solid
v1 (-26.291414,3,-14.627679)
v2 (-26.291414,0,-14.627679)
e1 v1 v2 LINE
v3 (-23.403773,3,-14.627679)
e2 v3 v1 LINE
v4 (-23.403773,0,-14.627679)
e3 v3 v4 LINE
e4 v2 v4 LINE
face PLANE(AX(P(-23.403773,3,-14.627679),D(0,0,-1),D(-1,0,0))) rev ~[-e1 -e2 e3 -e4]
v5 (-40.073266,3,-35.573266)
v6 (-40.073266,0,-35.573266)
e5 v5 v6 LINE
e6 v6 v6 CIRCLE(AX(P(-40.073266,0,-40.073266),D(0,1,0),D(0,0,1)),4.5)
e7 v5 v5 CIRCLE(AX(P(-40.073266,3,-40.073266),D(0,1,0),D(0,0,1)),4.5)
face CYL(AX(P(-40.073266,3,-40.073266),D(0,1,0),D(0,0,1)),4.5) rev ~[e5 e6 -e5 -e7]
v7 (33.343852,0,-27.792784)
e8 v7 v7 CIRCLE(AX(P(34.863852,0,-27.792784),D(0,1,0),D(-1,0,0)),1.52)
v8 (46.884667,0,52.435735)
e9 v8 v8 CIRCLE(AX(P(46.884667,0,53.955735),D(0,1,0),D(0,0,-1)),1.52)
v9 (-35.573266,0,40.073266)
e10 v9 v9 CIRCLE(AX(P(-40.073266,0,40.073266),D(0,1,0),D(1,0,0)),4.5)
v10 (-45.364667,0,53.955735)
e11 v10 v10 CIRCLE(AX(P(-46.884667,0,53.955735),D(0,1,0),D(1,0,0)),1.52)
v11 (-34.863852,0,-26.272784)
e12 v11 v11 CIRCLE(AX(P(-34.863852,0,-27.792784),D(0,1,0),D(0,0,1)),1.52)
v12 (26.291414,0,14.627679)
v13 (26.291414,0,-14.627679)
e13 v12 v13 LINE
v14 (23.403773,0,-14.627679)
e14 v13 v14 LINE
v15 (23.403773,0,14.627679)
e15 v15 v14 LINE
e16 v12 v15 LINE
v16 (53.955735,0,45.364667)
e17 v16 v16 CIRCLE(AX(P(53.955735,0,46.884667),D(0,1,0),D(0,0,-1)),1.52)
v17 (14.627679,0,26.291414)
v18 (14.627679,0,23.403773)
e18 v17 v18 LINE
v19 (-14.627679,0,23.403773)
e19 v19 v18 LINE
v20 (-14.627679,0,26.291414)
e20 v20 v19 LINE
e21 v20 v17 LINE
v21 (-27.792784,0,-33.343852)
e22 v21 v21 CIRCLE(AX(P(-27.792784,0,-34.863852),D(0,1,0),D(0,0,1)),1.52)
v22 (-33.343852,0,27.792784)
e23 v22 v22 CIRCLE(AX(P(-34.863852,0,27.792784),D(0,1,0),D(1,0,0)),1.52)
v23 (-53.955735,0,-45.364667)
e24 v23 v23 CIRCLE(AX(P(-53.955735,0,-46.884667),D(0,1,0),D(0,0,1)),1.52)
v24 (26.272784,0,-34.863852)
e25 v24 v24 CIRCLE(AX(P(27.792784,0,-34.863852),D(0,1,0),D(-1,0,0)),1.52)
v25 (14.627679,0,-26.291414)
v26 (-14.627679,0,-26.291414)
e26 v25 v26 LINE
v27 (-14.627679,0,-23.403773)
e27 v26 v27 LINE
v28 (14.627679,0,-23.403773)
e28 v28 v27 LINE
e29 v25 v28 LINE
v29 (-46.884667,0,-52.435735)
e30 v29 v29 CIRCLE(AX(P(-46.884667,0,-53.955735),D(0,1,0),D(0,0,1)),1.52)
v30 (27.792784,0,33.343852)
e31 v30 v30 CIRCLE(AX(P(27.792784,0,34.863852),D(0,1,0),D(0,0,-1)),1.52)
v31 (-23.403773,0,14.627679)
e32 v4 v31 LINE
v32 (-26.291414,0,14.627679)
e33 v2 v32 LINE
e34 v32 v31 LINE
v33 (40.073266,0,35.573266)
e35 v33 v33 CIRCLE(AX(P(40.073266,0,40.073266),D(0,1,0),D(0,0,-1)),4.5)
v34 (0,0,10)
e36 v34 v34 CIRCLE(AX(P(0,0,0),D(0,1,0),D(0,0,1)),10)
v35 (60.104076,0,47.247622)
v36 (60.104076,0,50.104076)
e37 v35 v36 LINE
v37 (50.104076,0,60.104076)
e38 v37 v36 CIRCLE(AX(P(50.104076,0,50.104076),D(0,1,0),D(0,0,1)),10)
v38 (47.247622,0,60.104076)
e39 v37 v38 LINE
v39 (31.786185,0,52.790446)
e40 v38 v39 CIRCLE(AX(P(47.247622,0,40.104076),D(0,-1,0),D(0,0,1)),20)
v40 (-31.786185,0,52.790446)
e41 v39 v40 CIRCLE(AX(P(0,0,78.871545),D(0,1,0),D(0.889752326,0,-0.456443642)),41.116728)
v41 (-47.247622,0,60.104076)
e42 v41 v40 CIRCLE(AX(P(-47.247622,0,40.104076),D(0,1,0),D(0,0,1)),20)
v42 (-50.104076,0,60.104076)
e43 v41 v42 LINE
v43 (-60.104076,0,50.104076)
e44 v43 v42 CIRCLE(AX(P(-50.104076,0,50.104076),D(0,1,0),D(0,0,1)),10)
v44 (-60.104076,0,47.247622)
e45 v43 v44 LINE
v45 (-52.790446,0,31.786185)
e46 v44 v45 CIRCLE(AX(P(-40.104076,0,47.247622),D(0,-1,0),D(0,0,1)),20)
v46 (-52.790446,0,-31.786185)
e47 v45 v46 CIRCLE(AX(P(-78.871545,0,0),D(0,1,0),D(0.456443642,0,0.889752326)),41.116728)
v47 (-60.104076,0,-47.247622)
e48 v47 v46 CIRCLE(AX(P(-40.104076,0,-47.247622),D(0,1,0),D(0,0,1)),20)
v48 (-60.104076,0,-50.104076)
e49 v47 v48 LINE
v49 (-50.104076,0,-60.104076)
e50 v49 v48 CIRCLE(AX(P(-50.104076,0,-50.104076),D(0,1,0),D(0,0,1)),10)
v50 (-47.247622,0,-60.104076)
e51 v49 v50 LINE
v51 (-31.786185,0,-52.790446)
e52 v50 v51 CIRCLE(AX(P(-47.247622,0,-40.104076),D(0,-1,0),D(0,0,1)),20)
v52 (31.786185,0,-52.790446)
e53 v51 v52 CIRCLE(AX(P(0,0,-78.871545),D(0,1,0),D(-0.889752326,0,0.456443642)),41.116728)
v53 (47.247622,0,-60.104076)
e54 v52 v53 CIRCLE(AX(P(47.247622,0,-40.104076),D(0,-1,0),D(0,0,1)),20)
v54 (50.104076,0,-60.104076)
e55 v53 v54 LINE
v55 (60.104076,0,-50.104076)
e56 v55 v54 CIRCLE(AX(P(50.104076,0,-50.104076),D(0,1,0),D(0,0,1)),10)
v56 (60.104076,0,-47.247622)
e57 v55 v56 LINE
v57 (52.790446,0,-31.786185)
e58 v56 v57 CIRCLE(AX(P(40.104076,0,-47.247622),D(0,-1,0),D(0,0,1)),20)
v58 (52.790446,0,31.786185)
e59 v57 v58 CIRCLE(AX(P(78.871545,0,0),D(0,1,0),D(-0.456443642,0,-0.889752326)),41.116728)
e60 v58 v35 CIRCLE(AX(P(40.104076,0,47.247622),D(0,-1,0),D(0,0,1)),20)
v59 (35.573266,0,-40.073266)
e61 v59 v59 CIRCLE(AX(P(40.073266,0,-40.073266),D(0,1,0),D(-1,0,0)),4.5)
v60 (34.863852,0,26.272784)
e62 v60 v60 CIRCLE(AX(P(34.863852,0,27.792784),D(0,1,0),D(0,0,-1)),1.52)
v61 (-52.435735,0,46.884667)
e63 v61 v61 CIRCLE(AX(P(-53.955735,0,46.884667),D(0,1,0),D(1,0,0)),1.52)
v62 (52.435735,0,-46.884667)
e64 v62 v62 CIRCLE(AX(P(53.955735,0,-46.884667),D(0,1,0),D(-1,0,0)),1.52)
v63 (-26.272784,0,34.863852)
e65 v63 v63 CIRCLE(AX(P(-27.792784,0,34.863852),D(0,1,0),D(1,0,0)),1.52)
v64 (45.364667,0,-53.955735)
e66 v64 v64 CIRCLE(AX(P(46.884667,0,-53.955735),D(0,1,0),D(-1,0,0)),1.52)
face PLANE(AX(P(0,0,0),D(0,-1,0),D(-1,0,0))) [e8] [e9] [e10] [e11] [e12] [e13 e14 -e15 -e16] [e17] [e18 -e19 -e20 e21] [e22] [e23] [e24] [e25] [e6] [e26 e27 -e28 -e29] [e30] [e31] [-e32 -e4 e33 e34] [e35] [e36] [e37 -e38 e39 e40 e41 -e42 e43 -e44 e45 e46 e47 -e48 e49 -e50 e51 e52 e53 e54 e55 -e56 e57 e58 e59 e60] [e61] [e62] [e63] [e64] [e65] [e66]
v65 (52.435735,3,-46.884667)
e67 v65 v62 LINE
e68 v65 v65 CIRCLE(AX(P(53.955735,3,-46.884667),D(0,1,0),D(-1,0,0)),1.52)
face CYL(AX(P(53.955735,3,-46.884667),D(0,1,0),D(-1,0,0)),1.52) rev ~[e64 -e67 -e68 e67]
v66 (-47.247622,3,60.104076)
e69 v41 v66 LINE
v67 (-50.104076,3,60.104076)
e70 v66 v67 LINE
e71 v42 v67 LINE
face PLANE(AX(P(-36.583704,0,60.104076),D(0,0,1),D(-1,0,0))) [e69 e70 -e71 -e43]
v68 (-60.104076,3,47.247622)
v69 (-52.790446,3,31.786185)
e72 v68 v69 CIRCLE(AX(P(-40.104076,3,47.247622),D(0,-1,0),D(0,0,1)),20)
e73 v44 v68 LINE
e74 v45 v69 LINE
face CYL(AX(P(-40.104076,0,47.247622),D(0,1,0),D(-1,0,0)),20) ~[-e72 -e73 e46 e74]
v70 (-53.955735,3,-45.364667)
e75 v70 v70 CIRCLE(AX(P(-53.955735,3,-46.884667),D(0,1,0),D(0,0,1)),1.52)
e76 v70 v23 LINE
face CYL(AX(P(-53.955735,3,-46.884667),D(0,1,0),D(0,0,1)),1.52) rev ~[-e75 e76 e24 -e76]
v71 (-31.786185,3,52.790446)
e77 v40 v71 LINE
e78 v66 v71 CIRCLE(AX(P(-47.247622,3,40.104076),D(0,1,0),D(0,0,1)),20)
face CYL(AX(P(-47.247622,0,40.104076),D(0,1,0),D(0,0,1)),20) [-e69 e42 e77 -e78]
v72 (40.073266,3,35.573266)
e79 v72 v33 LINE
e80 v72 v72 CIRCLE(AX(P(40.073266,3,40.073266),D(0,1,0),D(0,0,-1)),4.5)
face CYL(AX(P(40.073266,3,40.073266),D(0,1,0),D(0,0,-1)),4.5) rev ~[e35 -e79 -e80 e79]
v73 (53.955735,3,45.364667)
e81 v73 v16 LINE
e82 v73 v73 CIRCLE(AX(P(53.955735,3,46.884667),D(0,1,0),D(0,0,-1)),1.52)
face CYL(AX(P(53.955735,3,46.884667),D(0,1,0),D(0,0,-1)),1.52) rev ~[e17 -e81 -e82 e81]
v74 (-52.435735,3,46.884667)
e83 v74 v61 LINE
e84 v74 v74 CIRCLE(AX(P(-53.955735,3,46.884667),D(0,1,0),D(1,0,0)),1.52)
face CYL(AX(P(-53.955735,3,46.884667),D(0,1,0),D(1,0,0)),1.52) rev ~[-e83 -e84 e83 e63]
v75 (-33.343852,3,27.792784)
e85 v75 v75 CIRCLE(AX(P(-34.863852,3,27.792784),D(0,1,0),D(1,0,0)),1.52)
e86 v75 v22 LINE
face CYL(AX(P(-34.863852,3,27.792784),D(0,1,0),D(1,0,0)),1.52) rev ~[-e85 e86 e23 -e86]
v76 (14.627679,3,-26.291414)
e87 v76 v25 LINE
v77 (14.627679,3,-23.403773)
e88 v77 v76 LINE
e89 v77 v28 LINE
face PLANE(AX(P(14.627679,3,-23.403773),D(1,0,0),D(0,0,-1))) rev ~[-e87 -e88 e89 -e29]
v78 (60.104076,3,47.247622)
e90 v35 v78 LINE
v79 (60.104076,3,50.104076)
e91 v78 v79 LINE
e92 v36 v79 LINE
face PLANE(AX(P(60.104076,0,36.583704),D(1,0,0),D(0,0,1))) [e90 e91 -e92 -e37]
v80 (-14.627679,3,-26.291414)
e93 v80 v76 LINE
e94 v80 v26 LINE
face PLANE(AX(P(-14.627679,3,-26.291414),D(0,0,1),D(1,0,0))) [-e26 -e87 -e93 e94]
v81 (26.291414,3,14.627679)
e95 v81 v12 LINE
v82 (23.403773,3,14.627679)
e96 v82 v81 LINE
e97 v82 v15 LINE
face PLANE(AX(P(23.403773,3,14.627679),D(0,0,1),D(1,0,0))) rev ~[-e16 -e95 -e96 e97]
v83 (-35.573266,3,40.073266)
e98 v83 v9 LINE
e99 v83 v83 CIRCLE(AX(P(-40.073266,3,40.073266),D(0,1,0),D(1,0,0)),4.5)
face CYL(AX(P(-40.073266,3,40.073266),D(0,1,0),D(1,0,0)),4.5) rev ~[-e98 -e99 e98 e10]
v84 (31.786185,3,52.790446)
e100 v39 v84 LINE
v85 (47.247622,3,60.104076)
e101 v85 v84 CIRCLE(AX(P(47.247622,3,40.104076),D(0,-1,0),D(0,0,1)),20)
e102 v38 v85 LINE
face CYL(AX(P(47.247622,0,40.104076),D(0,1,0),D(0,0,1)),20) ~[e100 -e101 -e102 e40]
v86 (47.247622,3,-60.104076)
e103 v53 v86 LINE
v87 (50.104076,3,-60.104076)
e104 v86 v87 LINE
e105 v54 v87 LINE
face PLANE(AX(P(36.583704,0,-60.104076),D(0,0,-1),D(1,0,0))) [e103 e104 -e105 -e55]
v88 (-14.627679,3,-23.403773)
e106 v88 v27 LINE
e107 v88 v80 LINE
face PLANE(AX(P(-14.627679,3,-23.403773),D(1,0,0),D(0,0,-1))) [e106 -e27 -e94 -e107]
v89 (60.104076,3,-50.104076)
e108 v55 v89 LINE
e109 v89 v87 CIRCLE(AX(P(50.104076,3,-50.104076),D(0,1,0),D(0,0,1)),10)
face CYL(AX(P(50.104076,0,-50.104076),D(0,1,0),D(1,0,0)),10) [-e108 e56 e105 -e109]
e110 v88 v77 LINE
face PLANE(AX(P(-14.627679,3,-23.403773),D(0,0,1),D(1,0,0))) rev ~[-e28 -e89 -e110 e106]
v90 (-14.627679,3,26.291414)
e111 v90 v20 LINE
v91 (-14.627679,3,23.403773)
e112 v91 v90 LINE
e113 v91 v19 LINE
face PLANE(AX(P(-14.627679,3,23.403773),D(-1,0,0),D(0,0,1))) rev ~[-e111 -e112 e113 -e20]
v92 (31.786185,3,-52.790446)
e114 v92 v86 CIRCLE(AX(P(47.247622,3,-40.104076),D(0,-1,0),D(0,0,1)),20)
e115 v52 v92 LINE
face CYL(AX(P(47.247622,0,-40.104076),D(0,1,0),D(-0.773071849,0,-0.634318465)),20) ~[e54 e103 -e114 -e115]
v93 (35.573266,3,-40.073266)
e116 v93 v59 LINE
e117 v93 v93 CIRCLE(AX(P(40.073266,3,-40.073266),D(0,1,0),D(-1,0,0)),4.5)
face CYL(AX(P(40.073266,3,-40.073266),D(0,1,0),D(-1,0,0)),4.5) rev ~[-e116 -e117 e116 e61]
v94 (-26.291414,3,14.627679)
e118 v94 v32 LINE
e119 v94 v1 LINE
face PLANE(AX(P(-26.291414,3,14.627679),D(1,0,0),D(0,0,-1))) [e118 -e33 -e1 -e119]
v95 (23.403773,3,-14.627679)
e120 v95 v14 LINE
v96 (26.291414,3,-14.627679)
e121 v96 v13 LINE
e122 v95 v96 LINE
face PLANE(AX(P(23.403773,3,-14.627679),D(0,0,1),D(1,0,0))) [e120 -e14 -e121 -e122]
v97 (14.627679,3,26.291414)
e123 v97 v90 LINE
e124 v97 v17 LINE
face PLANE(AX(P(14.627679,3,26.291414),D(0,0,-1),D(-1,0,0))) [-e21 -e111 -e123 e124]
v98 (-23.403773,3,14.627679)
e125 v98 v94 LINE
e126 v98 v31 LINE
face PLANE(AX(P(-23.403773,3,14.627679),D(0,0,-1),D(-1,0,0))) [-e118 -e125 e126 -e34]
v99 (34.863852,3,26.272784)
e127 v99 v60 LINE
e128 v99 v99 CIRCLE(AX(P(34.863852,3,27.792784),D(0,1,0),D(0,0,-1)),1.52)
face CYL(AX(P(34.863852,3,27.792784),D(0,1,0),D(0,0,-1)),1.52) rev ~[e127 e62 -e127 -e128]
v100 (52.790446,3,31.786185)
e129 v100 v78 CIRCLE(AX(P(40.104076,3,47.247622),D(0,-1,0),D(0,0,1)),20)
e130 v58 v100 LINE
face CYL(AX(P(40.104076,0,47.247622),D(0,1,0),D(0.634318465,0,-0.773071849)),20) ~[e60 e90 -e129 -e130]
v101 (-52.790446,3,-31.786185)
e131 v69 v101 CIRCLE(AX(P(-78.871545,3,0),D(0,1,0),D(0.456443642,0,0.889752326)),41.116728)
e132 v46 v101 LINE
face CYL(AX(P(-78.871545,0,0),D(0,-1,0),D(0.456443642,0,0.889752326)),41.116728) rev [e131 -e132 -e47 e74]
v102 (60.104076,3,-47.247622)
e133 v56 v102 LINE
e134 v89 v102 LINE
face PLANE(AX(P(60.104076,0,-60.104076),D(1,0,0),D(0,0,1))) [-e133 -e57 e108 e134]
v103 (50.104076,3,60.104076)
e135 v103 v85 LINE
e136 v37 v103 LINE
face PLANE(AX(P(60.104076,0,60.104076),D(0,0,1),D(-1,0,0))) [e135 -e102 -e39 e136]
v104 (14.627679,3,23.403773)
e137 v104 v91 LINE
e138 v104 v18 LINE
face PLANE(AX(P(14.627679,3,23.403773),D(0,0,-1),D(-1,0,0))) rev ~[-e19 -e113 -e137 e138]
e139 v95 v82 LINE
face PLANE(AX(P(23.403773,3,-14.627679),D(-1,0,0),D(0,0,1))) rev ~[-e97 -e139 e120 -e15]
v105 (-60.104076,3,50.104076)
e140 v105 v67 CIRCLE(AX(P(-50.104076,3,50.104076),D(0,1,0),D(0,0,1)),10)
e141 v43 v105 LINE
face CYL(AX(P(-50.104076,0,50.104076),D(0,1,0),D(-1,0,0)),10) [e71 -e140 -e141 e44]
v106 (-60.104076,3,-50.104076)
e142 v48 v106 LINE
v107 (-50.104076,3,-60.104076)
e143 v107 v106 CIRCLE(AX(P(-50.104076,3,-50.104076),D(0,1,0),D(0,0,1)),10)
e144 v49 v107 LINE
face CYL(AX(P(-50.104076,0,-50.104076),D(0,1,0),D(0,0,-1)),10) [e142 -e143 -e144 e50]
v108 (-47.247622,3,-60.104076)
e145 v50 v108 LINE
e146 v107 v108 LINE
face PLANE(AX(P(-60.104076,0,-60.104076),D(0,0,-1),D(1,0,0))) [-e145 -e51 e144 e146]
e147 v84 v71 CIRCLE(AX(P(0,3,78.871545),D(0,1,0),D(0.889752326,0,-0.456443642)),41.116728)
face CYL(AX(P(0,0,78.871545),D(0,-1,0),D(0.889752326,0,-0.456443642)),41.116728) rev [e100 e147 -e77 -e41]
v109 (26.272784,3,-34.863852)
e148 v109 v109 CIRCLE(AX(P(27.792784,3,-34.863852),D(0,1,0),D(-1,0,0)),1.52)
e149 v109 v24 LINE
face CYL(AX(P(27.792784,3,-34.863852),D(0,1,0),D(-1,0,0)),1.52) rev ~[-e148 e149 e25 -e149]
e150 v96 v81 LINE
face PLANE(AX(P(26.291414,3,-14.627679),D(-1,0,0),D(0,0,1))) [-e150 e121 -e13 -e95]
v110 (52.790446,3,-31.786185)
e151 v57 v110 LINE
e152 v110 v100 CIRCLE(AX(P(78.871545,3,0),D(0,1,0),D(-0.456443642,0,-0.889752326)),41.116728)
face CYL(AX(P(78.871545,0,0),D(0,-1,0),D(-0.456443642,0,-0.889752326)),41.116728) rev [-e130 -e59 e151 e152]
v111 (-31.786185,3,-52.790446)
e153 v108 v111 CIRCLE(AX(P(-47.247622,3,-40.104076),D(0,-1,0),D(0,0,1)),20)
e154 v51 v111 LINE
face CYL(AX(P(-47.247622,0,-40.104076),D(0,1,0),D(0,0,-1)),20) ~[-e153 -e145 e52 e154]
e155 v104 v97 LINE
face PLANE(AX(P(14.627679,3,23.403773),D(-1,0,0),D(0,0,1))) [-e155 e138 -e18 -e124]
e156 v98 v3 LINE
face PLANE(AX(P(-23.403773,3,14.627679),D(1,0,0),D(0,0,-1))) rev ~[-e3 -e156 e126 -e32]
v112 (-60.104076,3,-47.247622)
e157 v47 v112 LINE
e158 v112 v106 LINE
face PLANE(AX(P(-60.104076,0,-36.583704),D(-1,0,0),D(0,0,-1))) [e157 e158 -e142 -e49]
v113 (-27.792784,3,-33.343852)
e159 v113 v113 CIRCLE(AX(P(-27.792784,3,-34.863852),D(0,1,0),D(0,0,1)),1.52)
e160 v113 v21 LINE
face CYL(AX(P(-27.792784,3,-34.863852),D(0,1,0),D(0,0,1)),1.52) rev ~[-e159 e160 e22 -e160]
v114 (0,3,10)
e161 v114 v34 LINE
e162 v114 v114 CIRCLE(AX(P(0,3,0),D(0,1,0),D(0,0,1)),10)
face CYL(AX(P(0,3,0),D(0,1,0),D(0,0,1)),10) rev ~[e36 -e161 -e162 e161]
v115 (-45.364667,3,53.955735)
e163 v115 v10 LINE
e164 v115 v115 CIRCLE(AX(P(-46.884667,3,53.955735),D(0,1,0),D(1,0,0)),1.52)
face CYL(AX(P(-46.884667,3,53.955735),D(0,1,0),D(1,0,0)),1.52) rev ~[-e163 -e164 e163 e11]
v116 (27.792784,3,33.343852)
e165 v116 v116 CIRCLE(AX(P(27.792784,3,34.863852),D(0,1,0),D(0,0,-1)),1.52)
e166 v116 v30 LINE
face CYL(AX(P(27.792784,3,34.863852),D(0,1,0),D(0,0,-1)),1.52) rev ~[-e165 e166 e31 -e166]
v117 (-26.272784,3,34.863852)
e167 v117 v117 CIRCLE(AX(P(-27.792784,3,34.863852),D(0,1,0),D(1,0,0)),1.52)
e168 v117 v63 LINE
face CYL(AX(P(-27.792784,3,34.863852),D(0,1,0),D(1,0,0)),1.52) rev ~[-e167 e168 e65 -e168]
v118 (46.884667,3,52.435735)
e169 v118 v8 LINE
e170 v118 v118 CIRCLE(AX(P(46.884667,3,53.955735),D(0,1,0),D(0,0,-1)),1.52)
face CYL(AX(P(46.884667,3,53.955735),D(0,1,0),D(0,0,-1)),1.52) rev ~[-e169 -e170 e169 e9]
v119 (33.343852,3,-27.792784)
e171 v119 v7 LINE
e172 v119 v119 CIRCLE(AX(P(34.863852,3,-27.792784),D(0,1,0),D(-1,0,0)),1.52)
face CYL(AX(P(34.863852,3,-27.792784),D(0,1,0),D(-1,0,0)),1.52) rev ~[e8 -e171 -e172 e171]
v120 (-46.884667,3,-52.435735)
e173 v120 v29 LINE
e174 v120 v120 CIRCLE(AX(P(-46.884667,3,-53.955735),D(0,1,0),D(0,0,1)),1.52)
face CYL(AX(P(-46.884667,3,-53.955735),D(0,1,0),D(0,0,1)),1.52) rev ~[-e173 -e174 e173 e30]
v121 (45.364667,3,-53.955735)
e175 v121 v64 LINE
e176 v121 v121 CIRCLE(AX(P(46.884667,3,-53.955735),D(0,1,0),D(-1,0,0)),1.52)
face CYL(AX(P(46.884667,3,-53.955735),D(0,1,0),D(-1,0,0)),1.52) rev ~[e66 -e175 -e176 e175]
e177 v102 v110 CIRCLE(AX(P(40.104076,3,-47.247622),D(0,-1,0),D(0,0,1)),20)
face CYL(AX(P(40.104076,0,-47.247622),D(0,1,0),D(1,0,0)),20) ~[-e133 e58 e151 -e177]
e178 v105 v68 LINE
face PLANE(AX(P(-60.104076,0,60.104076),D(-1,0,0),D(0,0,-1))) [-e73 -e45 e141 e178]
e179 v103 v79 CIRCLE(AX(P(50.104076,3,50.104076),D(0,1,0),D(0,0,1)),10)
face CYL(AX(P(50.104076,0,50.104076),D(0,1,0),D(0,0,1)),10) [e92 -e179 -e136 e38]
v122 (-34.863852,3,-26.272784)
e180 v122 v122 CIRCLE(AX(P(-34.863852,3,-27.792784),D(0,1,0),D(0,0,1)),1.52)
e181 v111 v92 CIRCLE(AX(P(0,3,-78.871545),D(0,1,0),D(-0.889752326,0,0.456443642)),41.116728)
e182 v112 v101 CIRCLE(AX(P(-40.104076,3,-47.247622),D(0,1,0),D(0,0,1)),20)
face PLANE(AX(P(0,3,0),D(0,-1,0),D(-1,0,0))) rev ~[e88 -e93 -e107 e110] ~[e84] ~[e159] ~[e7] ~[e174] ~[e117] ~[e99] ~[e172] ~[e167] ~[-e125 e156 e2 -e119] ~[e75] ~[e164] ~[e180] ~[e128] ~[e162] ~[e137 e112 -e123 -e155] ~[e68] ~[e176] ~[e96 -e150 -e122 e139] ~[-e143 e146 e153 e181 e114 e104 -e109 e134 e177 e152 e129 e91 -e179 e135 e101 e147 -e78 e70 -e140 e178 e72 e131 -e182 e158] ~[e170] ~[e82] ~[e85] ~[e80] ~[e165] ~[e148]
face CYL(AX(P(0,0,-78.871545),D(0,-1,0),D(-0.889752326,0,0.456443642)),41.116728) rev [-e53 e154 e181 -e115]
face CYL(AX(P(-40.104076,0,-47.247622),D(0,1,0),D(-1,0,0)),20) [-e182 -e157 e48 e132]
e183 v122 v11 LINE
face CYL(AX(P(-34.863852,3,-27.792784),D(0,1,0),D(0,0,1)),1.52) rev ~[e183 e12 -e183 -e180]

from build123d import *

# Parameters (mm, degrees)
EXTRUDE_1_DEPTH          = 3
FILLET_1_R               = 10
FILLET_2_R               = 10
FILLET_3_R               = 10
FILLET_4_R               = 10
SKETCH_2_R               = 1.52
SKETCH_2_R_2             = 4.5
SKETCH_2_W               = 29.255357074
SKETCH_2_H               = 2.887641603
CUT_EXTRUDE_1_DEPTH      = 49
FILLET_5_R               = 20
FILLET_6_R               = 20
PATTERN_CIRCULAR_2_COUNT = 4
SKETCH_3_R               = 10
CUT_EXTRUDE_2_DEPTH      = 49
FILLET_7_R               = 20
FILLET_8_R               = 20
FILLET_9_R               = 20
FILLET_10_R              = 20
FILLET_11_R              = 20
FILLET_12_R              = 20


with BuildPart() as part:
    # 草图1 → 凸台-拉伸1 (new body)
    with BuildSketch(Plane(origin=(0, 0, 0), x_dir=(1, 0, 0), z_dir=(0, 1, 0))):
        with BuildLine():
            Line((60.104076401, -60.104076401), (36.583704196, -60.104076401))
            ThreePointArc((36.583704196, -60.104076401), (0, -37.75481759), (-36.583704196, -60.104076401))
            Line((-36.583704196, -60.104076401), (-60.104076401, -60.104076401))
            Line((-60.104076401, -60.104076401), (-60.104076401, -36.583704196))
            ThreePointArc((-60.104076401, -36.583704196), (-37.75481759, 0), (-60.104076401, 36.583704196))
            Line((-60.104076401, 36.583704196), (-60.104076401, 60.104076401))
            Line((-60.104076401, 60.104076401), (-36.583704196, 60.104076401))
            ThreePointArc((-36.583704196, 60.104076401), (0, 37.75481759), (36.583704196, 60.104076401))
            Line((36.583704196, 60.104076401), (60.104076401, 60.104076401))
            Line((60.104076401, 60.104076401), (60.104076401, 36.583704196))
            ThreePointArc((60.104076401, 36.583704196), (37.75481759, 0), (60.104076401, -36.583704196))
            Line((60.104076401, -36.583704196), (60.104076401, -60.104076401))
        make_face()
    extrude(amount=EXTRUDE_1_DEPTH)

    # 圆角1
    fillet_1_edges = [part.edges().sort_by_distance(p)[0] for p in [
        (60.104076401, 1.5, 60.104076401),
    ]]
    fillet(fillet_1_edges, radius=FILLET_1_R)

    # 圆角2
    fillet_2_edges = [part.edges().sort_by_distance(p)[0] for p in [
        (60.104076401, 1.5, -60.104076401),
    ]]
    fillet(fillet_2_edges, radius=FILLET_2_R)

    # 圆角3
    fillet_3_edges = [part.edges().sort_by_distance(p)[0] for p in [
        (-60.104076401, 1.5, -60.104076401),
    ]]
    fillet(fillet_3_edges, radius=FILLET_3_R)

    # 圆角4
    fillet_4_edges = [part.edges().sort_by_distance(p)[0] for p in [
        (-60.104076401, 1.5, 60.104076401),
    ]]
    fillet(fillet_4_edges, radius=FILLET_4_R)

    # 草图2 → 切除-拉伸1 (cut)
    with BuildSketch(Plane(origin=(0, 3, 0), x_dir=(1, 0, 0), z_dir=(0, 1, 0))):
        with Locations(Location((-27.792783788, 34.8638516, 0), (0, 0, 270))):
            Circle(SKETCH_2_R)
        with Locations(Location((-34.8638516, 27.792783788, 0), (0, 0, 270))):
            Circle(SKETCH_2_R)
        with Locations(Location((-40.073266213, 40.073266213, 0), (0, 0, 270))):
            Circle(SKETCH_2_R_2)
        with Locations(Location((-46.88466688, 53.955734692, 0), (0, 0, 270))):
            Circle(SKETCH_2_R)
        with Locations(Location((-53.955734692, 46.88466688, 0), (0, 0, 270))):
            Circle(SKETCH_2_R)
        with Locations((0, 24.84759336)):
            Rectangle(SKETCH_2_W, SKETCH_2_H)
    cut_extrude_1 = extrude(amount=-CUT_EXTRUDE_1_DEPTH, mode=Mode.SUBTRACT)

    # 圆角5
    fillet_5_edges = [part.edges().sort_by_distance(p)[0] for p in [
        (-36.583704196, 1.5, -60.104076401),
    ]]
    fillet(fillet_5_edges, radius=FILLET_5_R)

    # 圆角6
    fillet_6_edges = [part.edges().sort_by_distance(p)[0] for p in [
        (-60.104076401, 1.5, -36.583704196),
    ]]
    fillet(fillet_6_edges, radius=FILLET_6_R)

    # 阵列(圆周)2: 切除-拉伸1 ×4 about axis
    pattern_circular_2_axis = Axis((0, 0, 0), (0, 1, 0))
    for i in range(1, PATTERN_CIRCULAR_2_COUNT):
        add(cut_extrude_1.rotate(pattern_circular_2_axis, i * 360 / PATTERN_CIRCULAR_2_COUNT), mode=Mode.SUBTRACT)

    # 草图3 → 切除-拉伸2 (cut)
    with BuildSketch(Plane(origin=(0, 3, 0), x_dir=(1, 0, 0), z_dir=(0, 1, 0))):
        with Locations(Location((0, 0, 0), (0, 0, 270))):
            Circle(SKETCH_3_R)
    extrude(amount=-CUT_EXTRUDE_2_DEPTH, mode=Mode.SUBTRACT)

    # 圆角7
    fillet_7_edges = [part.edges().sort_by_distance(p)[0] for p in [
        (60.104076401, 1.5, 36.583704196),
    ]]
    fillet(fillet_7_edges, radius=FILLET_7_R)

    # 圆角8
    fillet_8_edges = [part.edges().sort_by_distance(p)[0] for p in [
        (36.583704196, 1.5, 60.104076401),
    ]]
    fillet(fillet_8_edges, radius=FILLET_8_R)

    # 圆角9
    fillet_9_edges = [part.edges().sort_by_distance(p)[0] for p in [
        (-60.104076401, 1.5, 36.583704196),
    ]]
    fillet(fillet_9_edges, radius=FILLET_9_R)

    # 圆角10
    fillet_10_edges = [part.edges().sort_by_distance(p)[0] for p in [
        (-36.583704196, 1.5, 60.104076401),
    ]]
    fillet(fillet_10_edges, radius=FILLET_10_R)

    # 圆角11
    fillet_11_edges = [part.edges().sort_by_distance(p)[0] for p in [
        (36.583704196, 1.5, -60.104076401),
    ]]
    fillet(fillet_11_edges, radius=FILLET_11_R)

    # 圆角12
    fillet_12_edges = [part.edges().sort_by_distance(p)[0] for p in [
        (60.104076401, 1.5, -36.583704196),
    ]]
    fillet(fillet_12_edges, radius=FILLET_12_R)


solid = part.part
